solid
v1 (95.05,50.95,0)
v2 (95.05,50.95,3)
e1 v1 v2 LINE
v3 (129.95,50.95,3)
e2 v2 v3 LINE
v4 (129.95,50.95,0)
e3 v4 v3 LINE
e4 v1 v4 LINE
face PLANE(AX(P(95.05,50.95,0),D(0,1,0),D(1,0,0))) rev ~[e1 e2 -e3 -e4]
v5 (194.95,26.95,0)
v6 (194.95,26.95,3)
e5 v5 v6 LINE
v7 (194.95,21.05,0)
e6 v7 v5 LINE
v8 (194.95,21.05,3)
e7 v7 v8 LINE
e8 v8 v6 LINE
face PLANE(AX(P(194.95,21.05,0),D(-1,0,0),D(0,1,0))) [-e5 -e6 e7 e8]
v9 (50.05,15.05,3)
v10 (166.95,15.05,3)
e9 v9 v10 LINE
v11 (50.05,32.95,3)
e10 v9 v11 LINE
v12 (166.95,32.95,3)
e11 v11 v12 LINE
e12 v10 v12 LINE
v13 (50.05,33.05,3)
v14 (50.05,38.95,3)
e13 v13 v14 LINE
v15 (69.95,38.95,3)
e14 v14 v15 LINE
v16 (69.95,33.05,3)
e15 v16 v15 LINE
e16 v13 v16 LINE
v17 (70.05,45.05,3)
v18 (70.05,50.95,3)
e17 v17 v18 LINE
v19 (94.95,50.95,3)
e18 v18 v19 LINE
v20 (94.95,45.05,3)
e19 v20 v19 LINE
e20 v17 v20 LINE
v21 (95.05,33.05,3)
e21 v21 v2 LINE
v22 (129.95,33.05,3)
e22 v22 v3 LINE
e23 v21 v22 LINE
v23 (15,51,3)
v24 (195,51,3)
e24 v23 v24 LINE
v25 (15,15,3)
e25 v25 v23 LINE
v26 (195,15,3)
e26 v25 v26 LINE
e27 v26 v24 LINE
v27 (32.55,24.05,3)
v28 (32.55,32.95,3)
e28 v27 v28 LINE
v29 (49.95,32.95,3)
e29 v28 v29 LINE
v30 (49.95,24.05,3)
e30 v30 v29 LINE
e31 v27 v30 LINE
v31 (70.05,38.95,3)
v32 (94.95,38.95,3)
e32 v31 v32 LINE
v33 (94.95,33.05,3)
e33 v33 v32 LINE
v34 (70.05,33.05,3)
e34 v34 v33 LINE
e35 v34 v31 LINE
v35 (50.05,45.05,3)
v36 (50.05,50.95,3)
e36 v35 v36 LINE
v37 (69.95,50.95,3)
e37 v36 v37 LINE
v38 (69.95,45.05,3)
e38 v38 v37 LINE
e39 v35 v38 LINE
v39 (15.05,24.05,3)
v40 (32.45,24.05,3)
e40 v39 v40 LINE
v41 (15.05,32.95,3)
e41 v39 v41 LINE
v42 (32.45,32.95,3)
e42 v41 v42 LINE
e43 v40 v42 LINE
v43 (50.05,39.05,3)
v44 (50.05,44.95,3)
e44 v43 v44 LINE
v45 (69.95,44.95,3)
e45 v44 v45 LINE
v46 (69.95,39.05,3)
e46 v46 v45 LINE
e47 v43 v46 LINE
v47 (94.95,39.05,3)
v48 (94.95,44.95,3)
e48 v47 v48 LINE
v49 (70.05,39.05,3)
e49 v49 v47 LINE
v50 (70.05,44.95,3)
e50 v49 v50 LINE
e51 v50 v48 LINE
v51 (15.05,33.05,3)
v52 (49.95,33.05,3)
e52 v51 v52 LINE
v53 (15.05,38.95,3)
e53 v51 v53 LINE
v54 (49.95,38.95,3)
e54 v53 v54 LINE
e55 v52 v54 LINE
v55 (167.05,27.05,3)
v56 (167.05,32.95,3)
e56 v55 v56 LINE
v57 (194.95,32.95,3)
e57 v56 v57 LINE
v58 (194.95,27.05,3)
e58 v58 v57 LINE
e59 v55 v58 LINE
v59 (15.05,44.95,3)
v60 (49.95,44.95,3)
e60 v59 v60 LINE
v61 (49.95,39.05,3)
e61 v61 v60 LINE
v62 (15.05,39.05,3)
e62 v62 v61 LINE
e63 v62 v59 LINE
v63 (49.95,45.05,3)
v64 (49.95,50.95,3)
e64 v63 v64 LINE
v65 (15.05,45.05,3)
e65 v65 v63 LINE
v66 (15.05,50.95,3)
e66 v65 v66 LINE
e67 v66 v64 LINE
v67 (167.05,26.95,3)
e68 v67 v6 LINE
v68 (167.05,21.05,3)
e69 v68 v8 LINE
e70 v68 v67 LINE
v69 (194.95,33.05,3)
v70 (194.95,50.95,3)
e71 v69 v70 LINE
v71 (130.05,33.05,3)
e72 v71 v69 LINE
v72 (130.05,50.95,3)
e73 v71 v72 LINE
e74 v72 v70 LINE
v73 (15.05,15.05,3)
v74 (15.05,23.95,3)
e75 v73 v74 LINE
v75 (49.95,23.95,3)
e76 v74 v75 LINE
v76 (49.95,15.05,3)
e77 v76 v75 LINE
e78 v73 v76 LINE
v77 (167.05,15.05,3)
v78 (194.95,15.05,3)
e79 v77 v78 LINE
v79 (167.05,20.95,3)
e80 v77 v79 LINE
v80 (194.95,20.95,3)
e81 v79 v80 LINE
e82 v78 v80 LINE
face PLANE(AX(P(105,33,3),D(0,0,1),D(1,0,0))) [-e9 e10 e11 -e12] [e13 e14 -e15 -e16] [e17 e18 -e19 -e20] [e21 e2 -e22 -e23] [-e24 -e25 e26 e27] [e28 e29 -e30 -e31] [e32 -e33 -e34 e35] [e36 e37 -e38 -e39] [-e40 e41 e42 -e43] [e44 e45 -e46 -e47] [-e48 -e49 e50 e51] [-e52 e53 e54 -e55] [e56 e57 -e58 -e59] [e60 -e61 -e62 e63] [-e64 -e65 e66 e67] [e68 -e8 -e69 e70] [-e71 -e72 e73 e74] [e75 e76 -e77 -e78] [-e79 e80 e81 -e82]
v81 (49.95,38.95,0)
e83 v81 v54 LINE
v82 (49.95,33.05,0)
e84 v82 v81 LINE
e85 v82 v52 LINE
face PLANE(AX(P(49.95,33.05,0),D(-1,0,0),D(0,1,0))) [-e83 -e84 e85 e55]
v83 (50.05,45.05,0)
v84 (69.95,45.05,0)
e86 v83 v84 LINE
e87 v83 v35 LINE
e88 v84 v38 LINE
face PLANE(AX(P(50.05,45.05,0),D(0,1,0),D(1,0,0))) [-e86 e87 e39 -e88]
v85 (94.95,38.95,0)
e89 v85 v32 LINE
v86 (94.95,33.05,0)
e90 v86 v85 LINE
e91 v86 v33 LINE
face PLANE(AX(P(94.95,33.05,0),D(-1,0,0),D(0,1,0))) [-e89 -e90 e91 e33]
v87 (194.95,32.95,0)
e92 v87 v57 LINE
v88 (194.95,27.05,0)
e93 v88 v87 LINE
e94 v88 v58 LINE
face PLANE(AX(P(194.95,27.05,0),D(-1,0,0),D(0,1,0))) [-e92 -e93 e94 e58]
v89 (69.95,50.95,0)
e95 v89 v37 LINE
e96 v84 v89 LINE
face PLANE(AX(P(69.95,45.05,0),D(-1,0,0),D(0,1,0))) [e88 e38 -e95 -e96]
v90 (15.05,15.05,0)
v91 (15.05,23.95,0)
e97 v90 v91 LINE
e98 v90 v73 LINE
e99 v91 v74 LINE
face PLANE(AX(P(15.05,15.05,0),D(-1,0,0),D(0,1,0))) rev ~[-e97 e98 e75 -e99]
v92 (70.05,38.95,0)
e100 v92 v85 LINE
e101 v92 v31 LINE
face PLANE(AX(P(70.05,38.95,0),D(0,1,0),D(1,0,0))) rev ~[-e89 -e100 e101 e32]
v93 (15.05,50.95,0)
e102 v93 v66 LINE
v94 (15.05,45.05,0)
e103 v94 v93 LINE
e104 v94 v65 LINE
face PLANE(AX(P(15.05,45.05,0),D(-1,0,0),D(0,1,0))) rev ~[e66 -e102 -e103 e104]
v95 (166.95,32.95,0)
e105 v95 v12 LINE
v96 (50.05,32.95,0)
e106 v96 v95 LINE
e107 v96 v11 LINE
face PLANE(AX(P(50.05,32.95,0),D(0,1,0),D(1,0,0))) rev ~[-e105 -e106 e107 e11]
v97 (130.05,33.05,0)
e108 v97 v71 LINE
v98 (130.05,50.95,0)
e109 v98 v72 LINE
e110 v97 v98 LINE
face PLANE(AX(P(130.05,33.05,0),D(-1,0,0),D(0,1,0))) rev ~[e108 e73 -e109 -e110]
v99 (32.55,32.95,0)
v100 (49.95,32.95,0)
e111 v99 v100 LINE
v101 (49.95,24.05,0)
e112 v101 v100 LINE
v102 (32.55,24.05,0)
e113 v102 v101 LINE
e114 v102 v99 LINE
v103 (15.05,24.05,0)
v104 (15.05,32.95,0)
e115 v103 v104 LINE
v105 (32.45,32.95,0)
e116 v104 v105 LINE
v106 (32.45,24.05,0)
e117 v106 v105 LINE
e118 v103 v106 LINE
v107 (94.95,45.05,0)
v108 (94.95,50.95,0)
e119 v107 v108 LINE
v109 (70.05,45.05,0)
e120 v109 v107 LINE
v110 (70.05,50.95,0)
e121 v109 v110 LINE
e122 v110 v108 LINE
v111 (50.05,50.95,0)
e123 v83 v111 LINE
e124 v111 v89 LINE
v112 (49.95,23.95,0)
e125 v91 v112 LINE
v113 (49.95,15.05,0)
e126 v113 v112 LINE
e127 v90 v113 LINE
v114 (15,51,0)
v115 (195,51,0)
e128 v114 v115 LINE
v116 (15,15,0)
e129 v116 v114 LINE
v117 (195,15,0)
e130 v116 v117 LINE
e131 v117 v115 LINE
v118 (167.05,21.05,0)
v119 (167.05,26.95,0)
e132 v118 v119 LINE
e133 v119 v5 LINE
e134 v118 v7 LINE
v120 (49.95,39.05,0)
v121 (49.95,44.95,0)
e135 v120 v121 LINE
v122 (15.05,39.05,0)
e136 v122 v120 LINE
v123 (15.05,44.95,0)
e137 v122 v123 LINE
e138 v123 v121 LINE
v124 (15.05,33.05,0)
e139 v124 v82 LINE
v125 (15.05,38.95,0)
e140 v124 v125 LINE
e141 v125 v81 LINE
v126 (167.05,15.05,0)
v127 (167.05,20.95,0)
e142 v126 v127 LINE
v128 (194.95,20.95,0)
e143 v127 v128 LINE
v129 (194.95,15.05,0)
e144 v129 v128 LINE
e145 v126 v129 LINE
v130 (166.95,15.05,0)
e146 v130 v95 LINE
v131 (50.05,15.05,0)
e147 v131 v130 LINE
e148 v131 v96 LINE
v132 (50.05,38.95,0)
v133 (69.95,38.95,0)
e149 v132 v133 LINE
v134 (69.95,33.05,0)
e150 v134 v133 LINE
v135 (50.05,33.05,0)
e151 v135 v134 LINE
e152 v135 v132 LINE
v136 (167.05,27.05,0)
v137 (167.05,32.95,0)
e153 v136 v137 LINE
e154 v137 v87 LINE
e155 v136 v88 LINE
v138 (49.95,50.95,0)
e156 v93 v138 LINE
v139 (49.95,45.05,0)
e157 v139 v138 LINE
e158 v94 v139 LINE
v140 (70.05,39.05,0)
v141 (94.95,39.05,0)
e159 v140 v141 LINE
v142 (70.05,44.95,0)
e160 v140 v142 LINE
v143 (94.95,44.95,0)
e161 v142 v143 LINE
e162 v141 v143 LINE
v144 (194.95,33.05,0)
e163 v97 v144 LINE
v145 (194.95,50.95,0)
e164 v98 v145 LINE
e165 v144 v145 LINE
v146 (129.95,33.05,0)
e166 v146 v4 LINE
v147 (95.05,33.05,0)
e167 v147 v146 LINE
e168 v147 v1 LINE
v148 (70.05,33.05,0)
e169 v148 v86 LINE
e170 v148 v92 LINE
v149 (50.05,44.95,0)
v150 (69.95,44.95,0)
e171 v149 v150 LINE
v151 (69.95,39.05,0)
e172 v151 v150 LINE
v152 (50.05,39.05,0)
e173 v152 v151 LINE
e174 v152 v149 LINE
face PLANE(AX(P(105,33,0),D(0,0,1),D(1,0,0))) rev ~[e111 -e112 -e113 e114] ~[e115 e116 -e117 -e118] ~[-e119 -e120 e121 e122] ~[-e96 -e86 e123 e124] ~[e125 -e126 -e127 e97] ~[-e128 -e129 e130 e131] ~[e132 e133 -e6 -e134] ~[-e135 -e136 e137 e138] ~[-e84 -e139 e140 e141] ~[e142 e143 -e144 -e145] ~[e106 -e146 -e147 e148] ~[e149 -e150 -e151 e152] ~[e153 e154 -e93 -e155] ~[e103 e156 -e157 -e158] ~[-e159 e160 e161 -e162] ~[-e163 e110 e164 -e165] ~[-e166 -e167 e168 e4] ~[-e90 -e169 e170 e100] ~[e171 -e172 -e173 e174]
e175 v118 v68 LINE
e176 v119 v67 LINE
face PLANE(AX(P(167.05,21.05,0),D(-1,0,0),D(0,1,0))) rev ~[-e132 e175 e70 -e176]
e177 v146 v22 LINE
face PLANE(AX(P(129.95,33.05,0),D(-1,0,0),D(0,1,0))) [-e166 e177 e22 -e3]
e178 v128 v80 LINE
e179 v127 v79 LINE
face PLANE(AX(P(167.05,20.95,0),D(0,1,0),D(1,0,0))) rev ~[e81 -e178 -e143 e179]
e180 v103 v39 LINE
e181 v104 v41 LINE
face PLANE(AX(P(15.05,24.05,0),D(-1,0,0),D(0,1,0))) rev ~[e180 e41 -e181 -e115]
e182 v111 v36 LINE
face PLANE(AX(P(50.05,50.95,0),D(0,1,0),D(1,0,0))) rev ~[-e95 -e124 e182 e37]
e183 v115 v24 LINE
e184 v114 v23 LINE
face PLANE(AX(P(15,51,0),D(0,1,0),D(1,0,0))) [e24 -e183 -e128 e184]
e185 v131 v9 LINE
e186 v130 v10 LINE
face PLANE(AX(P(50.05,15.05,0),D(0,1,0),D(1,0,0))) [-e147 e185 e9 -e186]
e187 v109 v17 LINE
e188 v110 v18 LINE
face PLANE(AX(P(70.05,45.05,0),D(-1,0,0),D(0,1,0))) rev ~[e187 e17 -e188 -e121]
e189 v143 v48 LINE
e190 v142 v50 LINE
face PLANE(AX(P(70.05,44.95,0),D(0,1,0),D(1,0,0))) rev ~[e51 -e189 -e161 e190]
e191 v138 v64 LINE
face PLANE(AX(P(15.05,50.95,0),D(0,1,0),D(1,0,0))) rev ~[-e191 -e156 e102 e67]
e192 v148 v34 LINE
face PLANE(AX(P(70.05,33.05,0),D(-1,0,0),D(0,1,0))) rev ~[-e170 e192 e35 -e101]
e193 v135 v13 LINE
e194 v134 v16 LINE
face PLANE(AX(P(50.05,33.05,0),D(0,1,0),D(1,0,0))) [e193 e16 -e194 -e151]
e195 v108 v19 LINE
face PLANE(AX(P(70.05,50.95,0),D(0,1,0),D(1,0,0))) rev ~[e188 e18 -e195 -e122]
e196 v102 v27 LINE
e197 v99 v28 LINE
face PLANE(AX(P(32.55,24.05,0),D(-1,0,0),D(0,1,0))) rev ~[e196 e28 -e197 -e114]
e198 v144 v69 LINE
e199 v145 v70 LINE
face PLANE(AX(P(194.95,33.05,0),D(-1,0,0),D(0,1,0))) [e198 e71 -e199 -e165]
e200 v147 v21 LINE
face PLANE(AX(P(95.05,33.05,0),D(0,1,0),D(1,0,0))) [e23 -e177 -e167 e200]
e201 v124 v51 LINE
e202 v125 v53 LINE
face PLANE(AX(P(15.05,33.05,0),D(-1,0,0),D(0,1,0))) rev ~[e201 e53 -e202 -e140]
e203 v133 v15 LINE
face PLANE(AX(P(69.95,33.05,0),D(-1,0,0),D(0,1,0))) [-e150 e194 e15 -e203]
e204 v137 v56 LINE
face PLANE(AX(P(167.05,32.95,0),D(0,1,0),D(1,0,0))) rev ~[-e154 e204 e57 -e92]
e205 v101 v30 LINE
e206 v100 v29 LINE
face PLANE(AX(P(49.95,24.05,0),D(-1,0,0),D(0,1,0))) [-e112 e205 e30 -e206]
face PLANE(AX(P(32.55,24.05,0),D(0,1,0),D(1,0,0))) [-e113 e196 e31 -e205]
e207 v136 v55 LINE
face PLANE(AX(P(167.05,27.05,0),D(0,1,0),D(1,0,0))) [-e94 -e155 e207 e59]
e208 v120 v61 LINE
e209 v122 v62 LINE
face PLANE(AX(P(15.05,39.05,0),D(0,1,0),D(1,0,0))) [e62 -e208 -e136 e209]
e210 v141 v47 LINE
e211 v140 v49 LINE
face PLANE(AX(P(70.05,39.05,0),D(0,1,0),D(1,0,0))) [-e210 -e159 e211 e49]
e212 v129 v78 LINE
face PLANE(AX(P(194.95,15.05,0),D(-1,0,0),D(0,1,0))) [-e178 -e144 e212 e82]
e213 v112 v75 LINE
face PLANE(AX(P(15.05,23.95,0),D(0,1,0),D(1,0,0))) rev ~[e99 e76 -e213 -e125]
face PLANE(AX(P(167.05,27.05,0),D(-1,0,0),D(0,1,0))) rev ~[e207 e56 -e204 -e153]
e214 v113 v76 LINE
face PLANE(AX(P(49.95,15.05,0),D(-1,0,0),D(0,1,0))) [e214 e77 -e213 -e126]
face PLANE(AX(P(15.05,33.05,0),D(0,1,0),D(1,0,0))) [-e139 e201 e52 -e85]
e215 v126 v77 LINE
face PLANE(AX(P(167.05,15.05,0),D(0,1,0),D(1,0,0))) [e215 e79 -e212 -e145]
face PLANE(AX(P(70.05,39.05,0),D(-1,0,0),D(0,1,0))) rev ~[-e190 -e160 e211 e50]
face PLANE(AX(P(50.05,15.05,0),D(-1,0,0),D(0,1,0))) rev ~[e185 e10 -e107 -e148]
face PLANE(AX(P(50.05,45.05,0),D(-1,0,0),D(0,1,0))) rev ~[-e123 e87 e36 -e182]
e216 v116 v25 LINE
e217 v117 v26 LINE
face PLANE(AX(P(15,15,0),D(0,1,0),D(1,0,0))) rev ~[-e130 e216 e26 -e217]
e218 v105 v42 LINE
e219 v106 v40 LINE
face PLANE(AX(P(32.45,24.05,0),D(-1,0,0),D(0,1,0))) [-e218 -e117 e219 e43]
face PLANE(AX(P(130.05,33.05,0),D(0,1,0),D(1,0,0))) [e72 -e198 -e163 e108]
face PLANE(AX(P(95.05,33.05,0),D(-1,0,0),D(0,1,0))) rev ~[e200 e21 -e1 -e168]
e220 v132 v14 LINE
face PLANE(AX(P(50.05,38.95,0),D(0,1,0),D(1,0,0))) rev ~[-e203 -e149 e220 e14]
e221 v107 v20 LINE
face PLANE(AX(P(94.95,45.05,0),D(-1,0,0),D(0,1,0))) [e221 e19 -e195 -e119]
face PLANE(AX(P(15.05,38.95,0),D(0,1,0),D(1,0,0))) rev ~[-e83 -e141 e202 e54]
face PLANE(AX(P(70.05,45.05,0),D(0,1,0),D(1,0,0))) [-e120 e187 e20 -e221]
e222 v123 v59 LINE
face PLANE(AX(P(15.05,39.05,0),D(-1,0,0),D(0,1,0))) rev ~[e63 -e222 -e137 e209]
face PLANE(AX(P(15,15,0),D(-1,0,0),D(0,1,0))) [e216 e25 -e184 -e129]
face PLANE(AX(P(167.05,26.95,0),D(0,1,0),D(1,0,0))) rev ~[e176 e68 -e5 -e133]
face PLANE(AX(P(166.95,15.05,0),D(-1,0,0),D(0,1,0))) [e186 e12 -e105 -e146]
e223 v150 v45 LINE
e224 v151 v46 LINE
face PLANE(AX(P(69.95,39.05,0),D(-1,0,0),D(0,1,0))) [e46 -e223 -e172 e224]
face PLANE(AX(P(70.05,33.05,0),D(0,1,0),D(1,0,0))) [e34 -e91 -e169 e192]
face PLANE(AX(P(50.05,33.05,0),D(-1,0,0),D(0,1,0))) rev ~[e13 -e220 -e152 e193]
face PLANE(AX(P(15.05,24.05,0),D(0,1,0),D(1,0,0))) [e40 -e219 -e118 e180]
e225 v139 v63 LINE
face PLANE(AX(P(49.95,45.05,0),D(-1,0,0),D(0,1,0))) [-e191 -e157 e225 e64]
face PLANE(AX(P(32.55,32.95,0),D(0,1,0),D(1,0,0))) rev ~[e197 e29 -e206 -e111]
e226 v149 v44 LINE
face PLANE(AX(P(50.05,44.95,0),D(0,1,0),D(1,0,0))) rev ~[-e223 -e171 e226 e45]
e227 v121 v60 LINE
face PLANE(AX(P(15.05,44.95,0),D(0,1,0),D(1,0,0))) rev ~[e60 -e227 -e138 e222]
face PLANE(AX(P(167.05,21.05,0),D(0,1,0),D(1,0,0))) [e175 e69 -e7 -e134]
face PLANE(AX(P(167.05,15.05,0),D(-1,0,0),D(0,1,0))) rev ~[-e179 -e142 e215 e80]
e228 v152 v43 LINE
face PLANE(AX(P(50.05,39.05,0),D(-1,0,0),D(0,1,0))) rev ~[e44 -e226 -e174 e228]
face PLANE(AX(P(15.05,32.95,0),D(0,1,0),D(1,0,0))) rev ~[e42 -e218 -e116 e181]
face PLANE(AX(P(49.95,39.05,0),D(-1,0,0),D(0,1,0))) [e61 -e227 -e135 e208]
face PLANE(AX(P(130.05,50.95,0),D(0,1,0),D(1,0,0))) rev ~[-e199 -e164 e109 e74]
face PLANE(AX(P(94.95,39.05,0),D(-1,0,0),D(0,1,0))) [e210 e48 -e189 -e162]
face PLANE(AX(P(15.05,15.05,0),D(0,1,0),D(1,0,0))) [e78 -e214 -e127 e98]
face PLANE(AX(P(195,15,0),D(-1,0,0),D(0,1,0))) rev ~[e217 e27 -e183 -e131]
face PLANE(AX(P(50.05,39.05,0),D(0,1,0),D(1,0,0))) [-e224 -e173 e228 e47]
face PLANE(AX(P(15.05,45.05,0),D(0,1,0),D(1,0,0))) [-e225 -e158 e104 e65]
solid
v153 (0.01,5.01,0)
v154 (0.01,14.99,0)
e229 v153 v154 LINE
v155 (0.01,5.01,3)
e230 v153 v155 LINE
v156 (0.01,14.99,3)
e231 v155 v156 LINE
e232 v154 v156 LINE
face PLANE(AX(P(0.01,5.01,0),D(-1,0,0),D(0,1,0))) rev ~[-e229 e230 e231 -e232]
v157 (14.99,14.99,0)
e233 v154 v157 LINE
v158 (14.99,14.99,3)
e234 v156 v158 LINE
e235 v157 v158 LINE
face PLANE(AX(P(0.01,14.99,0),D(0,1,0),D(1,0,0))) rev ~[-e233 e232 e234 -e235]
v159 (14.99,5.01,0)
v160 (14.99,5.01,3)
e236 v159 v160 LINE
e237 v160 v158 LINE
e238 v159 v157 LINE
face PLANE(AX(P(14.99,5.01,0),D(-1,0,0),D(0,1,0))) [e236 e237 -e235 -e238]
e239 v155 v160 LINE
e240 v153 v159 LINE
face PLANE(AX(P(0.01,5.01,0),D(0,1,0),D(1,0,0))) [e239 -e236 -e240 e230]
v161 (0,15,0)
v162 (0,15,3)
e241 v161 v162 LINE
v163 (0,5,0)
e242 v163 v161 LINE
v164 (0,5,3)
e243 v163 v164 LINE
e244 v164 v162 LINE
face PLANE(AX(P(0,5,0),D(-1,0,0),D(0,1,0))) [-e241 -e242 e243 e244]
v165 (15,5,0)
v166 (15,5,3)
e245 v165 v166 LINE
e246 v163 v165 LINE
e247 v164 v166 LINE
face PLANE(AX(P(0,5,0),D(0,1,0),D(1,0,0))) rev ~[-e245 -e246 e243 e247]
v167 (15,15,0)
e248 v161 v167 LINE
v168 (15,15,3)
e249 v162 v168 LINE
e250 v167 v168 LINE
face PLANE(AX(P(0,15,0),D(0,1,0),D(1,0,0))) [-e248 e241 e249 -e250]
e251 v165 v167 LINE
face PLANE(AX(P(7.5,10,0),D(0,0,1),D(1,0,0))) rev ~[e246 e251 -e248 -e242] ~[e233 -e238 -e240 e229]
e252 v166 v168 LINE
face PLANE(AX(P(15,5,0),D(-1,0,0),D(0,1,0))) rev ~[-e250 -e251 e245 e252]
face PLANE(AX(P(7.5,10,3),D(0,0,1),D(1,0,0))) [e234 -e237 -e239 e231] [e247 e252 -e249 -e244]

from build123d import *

# Parameters (mm, degrees)
F2_W     = 180
F2_H     = 36
F2_W_2   = 34.9
F2_H_2   = 8.9
F2_W_3   = 17.4
F2_W_4   = 27.9
F2_H_3   = 5.9
F2_W_5   = 116.9
F2_H_4   = 17.9
F2_W_6   = 19.9
F2_W_7   = 24.9
F2_W_8   = 64.9
F3_DEPTH = 3
F0_W     = 15
F0_H     = 10
F0_W_2   = 14.98
F0_H_2   = 9.98
F4_DEPTH = 3


with BuildPart() as f3:
    # F2 (on Top) → F3 (new body)
    with BuildSketch(Plane.XY):
        with Locations((105, 33)):
            Rectangle(F2_W, F2_H)
        with Locations((32.5, 19.5)):
            Rectangle(F2_W_2, F2_H_2, mode=Mode.SUBTRACT)
        with Locations((23.75, 28.5)):
            Rectangle(F2_W_3, F2_H_2, mode=Mode.SUBTRACT)
        with Locations((41.25, 28.5)):
            Rectangle(F2_W_3, F2_H_2, mode=Mode.SUBTRACT)
        with Locations((181, 18)):
            Rectangle(F2_W_4, F2_H_3, mode=Mode.SUBTRACT)
        with Locations((108.5, 24)):
            Rectangle(F2_W_5, F2_H_4, mode=Mode.SUBTRACT)
        with Locations((181, 24)):
            Rectangle(F2_W_4, F2_H_3, mode=Mode.SUBTRACT)
        with Locations((181, 30)):
            Rectangle(F2_W_4, F2_H_3, mode=Mode.SUBTRACT)
        with Locations((32.5, 36)):
            Rectangle(F2_W_2, F2_H_3, mode=Mode.SUBTRACT)
        with Locations((60, 36)):
            Rectangle(F2_W_6, F2_H_3, mode=Mode.SUBTRACT)
        with Locations((82.5, 36)):
            Rectangle(F2_W_7, F2_H_3, mode=Mode.SUBTRACT)
        with Locations((32.5, 42)):
            Rectangle(F2_W_2, F2_H_3, mode=Mode.SUBTRACT)
        with Locations((32.5, 48)):
            Rectangle(F2_W_2, F2_H_3, mode=Mode.SUBTRACT)
        with Locations((60, 42)):
            Rectangle(F2_W_6, F2_H_3, mode=Mode.SUBTRACT)
        with Locations((82.5, 42)):
            Rectangle(F2_W_7, F2_H_3, mode=Mode.SUBTRACT)
        with Locations((60, 48)):
            Rectangle(F2_W_6, F2_H_3, mode=Mode.SUBTRACT)
        with Locations((82.5, 48)):
            Rectangle(F2_W_7, F2_H_3, mode=Mode.SUBTRACT)
        with Locations((112.5, 42)):
            Rectangle(F2_W_2, F2_H_4, mode=Mode.SUBTRACT)
        with Locations((162.5, 42)):
            Rectangle(F2_W_8, F2_H_4, mode=Mode.SUBTRACT)
    extrude(amount=F3_DEPTH)


with BuildPart() as f4:
    # F0 (on Top) → F4 (new body)
    with BuildSketch(Plane.XY):
        with Locations((7.5, 10)):
            Rectangle(F0_W, F0_H)
        with Locations((7.5, 10)):
            Rectangle(F0_W_2, F0_H_2, mode=Mode.SUBTRACT)
    extrude(amount=F4_DEPTH)


solid = Compound([f3.part, f4.part])
